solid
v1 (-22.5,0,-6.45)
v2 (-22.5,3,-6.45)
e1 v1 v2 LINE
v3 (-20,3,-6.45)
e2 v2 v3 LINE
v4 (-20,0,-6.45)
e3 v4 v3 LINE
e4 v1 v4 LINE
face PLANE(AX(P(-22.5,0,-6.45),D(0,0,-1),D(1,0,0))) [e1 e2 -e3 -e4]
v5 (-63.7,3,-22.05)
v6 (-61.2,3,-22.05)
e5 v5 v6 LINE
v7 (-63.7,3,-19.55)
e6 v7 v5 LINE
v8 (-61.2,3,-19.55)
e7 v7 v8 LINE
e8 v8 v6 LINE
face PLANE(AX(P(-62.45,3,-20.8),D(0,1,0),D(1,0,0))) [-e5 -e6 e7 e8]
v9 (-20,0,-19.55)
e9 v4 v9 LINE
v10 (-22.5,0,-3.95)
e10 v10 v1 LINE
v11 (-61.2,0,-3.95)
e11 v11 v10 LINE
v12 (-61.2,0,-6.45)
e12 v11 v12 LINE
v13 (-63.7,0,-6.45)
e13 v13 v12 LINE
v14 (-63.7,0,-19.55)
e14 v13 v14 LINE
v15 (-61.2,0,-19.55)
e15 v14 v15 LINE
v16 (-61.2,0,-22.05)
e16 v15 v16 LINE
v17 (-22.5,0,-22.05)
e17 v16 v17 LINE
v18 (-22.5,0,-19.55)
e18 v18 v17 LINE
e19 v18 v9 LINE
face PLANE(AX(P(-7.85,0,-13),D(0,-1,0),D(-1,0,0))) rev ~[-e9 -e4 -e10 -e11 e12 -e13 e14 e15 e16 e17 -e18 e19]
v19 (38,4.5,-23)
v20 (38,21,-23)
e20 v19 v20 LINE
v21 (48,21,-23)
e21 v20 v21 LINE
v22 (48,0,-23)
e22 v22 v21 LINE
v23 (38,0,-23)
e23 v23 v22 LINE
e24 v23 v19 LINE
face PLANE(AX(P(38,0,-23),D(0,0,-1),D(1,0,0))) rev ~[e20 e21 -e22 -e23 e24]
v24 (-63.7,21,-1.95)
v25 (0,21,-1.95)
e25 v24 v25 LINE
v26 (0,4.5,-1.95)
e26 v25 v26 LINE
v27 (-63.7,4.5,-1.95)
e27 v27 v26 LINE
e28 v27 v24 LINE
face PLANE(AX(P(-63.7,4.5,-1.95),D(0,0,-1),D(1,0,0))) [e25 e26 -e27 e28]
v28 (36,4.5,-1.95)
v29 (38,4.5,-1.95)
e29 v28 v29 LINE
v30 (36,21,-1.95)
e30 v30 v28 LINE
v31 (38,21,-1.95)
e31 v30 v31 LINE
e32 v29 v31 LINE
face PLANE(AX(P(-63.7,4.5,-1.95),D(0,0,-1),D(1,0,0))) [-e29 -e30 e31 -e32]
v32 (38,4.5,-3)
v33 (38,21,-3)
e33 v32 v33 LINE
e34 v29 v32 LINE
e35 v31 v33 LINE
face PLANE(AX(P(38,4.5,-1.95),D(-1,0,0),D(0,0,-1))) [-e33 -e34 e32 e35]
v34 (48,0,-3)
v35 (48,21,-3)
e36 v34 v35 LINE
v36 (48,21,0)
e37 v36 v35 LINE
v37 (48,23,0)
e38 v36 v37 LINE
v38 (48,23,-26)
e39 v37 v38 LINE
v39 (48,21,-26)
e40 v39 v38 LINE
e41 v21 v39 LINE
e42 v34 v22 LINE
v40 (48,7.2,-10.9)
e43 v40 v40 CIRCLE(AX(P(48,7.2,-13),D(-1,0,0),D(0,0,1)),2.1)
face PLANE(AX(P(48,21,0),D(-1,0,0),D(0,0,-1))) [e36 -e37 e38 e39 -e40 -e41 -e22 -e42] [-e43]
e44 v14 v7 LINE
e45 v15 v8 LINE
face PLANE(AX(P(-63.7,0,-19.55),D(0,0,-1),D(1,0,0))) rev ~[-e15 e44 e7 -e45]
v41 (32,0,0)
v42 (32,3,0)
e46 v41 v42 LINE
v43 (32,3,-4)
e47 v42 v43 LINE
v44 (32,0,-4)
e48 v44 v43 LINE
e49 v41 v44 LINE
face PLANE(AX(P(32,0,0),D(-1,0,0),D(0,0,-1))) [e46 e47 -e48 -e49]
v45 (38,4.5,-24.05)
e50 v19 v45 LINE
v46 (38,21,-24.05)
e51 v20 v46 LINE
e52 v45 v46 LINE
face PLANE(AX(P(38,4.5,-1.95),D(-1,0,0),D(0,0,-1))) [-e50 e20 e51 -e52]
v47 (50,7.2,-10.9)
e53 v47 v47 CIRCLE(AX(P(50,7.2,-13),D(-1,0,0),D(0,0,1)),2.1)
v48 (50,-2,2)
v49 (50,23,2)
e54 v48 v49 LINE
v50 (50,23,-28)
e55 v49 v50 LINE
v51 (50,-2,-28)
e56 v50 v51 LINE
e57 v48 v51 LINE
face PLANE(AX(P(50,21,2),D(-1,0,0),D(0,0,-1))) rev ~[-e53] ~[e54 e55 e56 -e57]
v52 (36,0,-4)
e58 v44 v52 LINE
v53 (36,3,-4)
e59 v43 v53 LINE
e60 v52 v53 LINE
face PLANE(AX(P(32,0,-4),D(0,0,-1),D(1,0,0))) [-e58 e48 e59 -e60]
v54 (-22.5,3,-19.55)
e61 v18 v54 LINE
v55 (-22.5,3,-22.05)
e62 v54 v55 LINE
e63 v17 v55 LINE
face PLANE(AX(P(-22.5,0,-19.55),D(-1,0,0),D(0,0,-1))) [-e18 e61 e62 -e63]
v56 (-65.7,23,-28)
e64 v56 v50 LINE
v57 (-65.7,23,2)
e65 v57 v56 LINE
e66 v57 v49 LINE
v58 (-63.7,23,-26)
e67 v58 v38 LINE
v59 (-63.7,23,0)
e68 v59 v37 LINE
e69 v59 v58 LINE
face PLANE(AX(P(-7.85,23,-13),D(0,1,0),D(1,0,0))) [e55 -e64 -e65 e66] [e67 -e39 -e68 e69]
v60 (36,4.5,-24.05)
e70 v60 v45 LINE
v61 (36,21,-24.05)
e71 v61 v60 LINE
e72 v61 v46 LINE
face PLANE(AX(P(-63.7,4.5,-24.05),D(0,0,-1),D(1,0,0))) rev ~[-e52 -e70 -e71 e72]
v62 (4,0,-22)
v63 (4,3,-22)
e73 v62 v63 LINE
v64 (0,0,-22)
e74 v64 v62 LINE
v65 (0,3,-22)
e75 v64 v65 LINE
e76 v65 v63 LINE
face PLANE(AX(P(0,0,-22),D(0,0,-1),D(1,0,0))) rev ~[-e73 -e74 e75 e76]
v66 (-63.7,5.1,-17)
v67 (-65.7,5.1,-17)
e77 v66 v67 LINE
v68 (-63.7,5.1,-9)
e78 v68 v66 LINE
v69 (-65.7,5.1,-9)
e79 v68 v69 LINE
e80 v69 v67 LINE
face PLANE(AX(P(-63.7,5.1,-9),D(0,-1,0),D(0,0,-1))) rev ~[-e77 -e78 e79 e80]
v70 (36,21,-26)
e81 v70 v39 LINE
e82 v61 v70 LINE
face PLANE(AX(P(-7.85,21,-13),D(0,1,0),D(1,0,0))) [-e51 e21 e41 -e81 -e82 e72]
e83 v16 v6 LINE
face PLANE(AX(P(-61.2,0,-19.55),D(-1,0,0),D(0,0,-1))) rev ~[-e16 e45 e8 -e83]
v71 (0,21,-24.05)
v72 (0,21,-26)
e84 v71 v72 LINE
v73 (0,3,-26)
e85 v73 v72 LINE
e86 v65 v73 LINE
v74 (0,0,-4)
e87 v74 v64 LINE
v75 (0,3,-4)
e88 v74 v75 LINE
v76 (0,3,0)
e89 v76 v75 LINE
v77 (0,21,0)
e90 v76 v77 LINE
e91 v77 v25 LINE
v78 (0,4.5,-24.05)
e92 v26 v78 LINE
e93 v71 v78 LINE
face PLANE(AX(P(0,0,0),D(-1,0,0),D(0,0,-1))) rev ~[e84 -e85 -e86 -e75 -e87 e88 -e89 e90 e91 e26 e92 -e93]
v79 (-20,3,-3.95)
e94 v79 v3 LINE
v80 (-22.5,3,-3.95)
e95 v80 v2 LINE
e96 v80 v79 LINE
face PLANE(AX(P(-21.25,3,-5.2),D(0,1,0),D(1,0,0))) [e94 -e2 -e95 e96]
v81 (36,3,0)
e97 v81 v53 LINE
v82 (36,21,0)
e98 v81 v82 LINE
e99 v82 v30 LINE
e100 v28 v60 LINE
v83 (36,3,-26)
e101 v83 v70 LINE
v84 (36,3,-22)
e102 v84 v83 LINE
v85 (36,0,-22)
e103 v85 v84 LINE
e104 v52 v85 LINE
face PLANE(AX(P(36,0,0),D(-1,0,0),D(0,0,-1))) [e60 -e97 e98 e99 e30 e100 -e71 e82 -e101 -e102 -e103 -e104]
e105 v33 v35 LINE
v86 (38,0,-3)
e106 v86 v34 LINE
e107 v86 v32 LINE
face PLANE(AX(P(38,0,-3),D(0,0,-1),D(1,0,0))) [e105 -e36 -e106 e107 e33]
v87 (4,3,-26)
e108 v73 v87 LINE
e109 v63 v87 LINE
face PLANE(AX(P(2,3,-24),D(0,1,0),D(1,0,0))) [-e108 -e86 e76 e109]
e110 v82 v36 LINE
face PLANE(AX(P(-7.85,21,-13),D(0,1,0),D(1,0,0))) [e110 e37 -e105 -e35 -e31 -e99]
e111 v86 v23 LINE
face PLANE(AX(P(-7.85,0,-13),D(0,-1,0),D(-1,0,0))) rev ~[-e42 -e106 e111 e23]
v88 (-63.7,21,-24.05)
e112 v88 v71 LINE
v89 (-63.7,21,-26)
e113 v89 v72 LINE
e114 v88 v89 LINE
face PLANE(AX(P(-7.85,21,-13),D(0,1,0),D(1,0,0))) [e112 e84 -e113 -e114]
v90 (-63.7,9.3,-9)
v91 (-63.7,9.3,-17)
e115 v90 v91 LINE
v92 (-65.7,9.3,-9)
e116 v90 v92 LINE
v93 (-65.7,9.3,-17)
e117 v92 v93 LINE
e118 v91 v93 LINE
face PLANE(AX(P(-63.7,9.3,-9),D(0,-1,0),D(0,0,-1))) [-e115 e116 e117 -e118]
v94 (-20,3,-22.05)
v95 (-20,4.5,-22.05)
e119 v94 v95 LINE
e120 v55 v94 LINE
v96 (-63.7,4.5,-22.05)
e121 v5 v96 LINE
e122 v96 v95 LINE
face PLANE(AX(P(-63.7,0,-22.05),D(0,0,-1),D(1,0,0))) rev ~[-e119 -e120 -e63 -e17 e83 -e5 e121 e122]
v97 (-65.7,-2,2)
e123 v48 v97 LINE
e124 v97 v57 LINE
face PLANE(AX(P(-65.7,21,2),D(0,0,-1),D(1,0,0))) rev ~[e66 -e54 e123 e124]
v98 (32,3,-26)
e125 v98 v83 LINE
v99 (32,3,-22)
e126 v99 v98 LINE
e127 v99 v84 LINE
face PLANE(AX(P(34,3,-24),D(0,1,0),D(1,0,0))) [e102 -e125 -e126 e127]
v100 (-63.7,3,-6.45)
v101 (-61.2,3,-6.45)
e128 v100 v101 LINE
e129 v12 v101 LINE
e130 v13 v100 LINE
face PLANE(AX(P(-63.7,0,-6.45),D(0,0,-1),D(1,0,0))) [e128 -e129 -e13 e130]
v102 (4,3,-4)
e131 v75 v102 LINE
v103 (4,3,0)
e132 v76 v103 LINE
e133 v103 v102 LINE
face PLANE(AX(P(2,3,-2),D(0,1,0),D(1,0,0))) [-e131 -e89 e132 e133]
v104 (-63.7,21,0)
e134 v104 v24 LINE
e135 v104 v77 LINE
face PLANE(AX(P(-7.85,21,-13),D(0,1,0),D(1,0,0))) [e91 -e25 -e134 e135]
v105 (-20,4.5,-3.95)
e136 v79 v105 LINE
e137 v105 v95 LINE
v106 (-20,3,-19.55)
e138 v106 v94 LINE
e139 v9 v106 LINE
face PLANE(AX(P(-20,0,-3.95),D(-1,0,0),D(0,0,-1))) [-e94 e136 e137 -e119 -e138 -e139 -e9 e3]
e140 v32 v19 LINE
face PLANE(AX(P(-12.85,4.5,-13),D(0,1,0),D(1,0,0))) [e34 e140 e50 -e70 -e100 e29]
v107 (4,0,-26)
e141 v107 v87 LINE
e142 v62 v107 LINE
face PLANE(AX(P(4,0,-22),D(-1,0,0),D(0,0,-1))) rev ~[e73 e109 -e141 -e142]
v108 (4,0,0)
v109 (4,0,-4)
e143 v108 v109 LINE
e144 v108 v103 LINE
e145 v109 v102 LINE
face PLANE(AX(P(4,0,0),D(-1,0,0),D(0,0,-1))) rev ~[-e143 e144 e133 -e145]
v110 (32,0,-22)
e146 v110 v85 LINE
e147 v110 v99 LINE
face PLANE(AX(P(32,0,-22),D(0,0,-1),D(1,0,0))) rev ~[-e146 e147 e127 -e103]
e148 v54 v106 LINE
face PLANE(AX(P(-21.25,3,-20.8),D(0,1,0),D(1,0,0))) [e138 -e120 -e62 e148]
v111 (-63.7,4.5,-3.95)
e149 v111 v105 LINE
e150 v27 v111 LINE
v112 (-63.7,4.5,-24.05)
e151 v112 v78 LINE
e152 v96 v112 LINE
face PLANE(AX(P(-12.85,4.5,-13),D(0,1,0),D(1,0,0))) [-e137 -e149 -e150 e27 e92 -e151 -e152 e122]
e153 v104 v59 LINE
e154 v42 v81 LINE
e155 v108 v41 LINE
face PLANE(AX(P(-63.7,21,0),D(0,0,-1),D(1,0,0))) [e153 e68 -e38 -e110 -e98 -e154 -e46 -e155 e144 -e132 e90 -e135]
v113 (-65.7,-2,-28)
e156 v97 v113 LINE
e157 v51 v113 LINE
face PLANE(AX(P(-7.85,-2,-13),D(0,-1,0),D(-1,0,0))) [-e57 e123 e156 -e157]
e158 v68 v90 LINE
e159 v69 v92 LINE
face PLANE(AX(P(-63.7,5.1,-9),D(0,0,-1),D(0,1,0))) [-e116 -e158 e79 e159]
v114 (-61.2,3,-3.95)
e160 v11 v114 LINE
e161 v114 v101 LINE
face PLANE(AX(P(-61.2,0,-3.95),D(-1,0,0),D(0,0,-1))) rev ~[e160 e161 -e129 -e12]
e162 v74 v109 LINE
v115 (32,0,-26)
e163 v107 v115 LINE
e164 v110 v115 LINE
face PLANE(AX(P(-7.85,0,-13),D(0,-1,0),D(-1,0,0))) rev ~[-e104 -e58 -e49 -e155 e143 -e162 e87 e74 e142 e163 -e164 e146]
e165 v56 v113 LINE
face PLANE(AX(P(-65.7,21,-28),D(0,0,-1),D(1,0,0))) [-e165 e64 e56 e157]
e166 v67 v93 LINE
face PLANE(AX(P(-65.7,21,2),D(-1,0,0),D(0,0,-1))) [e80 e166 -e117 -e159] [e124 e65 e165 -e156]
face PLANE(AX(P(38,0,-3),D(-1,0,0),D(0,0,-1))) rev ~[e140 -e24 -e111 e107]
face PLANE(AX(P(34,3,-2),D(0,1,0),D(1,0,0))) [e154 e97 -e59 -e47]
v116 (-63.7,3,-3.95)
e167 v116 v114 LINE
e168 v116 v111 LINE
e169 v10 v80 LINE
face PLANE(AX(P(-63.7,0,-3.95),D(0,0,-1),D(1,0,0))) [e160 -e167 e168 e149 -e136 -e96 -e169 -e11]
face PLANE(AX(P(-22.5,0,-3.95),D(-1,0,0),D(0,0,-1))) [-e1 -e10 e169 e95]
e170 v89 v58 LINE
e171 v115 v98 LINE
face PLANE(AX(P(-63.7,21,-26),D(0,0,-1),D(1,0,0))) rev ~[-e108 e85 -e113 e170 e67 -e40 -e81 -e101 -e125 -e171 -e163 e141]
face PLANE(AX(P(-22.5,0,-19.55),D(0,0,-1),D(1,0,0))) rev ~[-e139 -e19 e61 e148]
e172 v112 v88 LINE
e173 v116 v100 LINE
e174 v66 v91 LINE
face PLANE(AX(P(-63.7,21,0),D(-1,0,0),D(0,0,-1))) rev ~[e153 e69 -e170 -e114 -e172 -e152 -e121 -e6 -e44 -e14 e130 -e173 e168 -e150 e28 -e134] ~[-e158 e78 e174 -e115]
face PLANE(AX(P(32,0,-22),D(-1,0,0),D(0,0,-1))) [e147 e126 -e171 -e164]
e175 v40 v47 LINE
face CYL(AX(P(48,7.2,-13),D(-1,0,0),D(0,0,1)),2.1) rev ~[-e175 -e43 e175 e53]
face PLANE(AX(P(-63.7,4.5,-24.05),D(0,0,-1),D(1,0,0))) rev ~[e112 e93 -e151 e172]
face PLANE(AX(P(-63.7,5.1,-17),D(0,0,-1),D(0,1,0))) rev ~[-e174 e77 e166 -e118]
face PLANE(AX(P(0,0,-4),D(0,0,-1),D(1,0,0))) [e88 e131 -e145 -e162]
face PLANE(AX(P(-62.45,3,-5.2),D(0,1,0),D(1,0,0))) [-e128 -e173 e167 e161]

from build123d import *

# Parameters (mm, degrees)
ESQUISSE1_W             = 115.7
ESQUISSE1_H             = 30
ESQUISSE1_W_2           = 36
ESQUISSE1_H_2           = 26
ESQUISSE1_W_3           = 43.7
ESQUISSE1_H_3           = 18.1
ESQUISSE1_W_4           = 10
ESQUISSE1_H_4           = 20
BOSS_EXTRU_1_DEPTH      = 21
ESQUISSE2_W             = 115.7
ESQUISSE2_H             = 30
BOSS_EXTRU_2_DEPTH      = 2
ESQUISSE3_W             = 2.5
ESQUISSE3_H             = 2.5
BOSS_EXTRU_3_DEPTH      = 3
ESQUISSE4_W             = 4
ESQUISSE4_H             = 4
BOSS_EXTRU_4_DEPTH      = 3
ESQUISSE5_W             = 8
ESQUISSE5_H             = 4.2
ENL_V_MAT_EXTRU_1_DEPTH = 2
ESQUISSE7_W             = 101.7
ESQUISSE7_H             = 22.1
ENL_V_MAT_EXTRU_2_DEPTH = 16.5
ESQUISSE8_R             = 2.1
ENL_V_MAT_EXTRU_3_DEPTH = 2
ESQUISSE9_W             = 115.7
ESQUISSE9_H             = 30
ESQUISSE9_W_2           = 111.7
ESQUISSE9_H_2           = 26
BOSS_EXTRU_5_DEPTH      = 2


with BuildPart() as part:
    # Esquisse1 → Boss.-Extru.1 (new body)
    with BuildSketch(Plane(origin=(0, 0, 0), x_dir=(1, 0, 0), z_dir=(0, 1, 0))):
        with Locations((-7.85, 13)):
            Rectangle(ESQUISSE1_W, ESQUISSE1_H)
        with Locations((18, 13)):
            Rectangle(ESQUISSE1_W_2, ESQUISSE1_H_2, mode=Mode.SUBTRACT)
        with Locations((-41.85, 13)):
            Rectangle(ESQUISSE1_W_3, ESQUISSE1_H_3, mode=Mode.SUBTRACT)
        with Locations((43, 13)):
            Rectangle(ESQUISSE1_W_4, ESQUISSE1_H_4, mode=Mode.SUBTRACT)
    extrude(amount=BOSS_EXTRU_1_DEPTH)

    # Esquisse2 → Boss.-Extru.2 (add)
    with BuildSketch(Plane(origin=(0, 0, 0), x_dir=(-1, 0, 0), z_dir=(0, -1, 0))):
        with Locations((7.85, 13)):
            Rectangle(ESQUISSE2_W, ESQUISSE2_H)
    extrude(amount=BOSS_EXTRU_2_DEPTH)

    # Esquisse3 → Boss.-Extru.3 (add)
    with BuildSketch(Plane(origin=(0, 0, 0), x_dir=(1, 0, 0), z_dir=(0, 1, 0))):
        with Locations((-62.45, 20.8)):
            Rectangle(ESQUISSE3_W, ESQUISSE3_H)
        with Locations((-21.25, 20.8)):
            Rectangle(ESQUISSE3_W, ESQUISSE3_H)
        with Locations((-21.25, 5.2)):
            Rectangle(ESQUISSE3_W, ESQUISSE3_H)
        with Locations((-62.45, 5.2)):
            Rectangle(ESQUISSE3_W, ESQUISSE3_H)
    extrude(amount=BOSS_EXTRU_3_DEPTH)

    # Esquisse4 → Boss.-Extru.4 (add)
    with BuildSketch(Plane(origin=(0, 0, 0), x_dir=(1, 0, 0), z_dir=(0, 1, 0))):
        with Locations((2, 24)):
            Rectangle(ESQUISSE4_W, ESQUISSE4_H)
        with Locations((34, 24)):
            Rectangle(ESQUISSE4_W, ESQUISSE4_H)
        with Locations((34, 2)):
            Rectangle(ESQUISSE4_W, ESQUISSE4_H)
        with Locations((2, 2)):
            Rectangle(ESQUISSE4_W, ESQUISSE4_H)
    extrude(amount=BOSS_EXTRU_4_DEPTH)

    # Esquisse5 → Enlèv. mat.-Extru.1 (cut)
    with BuildSketch(Plane(origin=(-63.7, 0, 0), x_dir=(0, 0, -1), z_dir=(1, 0, 0))):
        with Locations((13, 7.2)):
            Rectangle(ESQUISSE5_W, ESQUISSE5_H)
    extrude(amount=-ENL_V_MAT_EXTRU_1_DEPTH, mode=Mode.SUBTRACT)

    # Esquisse7 → Enlèv. mat.-Extru.2 (cut)
    with BuildSketch(Plane(origin=(0, 4.5, 0), x_dir=(1, 0, 0), z_dir=(0, 1, 0))):
        with Locations((-12.85, 13)):
            Rectangle(ESQUISSE7_W, ESQUISSE7_H)
    extrude(amount=ENL_V_MAT_EXTRU_2_DEPTH, mode=Mode.SUBTRACT)

    # Esquisse8 → Enlèv. mat.-Extru.3 (cut)
    with BuildSketch(Plane.ZY.offset(-48)):
        with Locations((-13, 7.2)):
            Circle(ESQUISSE8_R)
    extrude(amount=-ENL_V_MAT_EXTRU_3_DEPTH, mode=Mode.SUBTRACT)

    # Esquisse9 → Boss.-Extru.5 (add)
    with BuildSketch(Plane(origin=(0, 21, 0), x_dir=(1, 0, 0), z_dir=(0, 1, 0))):
        with Locations((-7.85, 13)):
            Rectangle(ESQUISSE9_W, ESQUISSE9_H)
        with Locations((-7.85, 13)):
            Rectangle(ESQUISSE9_W_2, ESQUISSE9_H_2, mode=Mode.SUBTRACT)
    extrude(amount=BOSS_EXTRU_5_DEPTH)


solid = part.part
